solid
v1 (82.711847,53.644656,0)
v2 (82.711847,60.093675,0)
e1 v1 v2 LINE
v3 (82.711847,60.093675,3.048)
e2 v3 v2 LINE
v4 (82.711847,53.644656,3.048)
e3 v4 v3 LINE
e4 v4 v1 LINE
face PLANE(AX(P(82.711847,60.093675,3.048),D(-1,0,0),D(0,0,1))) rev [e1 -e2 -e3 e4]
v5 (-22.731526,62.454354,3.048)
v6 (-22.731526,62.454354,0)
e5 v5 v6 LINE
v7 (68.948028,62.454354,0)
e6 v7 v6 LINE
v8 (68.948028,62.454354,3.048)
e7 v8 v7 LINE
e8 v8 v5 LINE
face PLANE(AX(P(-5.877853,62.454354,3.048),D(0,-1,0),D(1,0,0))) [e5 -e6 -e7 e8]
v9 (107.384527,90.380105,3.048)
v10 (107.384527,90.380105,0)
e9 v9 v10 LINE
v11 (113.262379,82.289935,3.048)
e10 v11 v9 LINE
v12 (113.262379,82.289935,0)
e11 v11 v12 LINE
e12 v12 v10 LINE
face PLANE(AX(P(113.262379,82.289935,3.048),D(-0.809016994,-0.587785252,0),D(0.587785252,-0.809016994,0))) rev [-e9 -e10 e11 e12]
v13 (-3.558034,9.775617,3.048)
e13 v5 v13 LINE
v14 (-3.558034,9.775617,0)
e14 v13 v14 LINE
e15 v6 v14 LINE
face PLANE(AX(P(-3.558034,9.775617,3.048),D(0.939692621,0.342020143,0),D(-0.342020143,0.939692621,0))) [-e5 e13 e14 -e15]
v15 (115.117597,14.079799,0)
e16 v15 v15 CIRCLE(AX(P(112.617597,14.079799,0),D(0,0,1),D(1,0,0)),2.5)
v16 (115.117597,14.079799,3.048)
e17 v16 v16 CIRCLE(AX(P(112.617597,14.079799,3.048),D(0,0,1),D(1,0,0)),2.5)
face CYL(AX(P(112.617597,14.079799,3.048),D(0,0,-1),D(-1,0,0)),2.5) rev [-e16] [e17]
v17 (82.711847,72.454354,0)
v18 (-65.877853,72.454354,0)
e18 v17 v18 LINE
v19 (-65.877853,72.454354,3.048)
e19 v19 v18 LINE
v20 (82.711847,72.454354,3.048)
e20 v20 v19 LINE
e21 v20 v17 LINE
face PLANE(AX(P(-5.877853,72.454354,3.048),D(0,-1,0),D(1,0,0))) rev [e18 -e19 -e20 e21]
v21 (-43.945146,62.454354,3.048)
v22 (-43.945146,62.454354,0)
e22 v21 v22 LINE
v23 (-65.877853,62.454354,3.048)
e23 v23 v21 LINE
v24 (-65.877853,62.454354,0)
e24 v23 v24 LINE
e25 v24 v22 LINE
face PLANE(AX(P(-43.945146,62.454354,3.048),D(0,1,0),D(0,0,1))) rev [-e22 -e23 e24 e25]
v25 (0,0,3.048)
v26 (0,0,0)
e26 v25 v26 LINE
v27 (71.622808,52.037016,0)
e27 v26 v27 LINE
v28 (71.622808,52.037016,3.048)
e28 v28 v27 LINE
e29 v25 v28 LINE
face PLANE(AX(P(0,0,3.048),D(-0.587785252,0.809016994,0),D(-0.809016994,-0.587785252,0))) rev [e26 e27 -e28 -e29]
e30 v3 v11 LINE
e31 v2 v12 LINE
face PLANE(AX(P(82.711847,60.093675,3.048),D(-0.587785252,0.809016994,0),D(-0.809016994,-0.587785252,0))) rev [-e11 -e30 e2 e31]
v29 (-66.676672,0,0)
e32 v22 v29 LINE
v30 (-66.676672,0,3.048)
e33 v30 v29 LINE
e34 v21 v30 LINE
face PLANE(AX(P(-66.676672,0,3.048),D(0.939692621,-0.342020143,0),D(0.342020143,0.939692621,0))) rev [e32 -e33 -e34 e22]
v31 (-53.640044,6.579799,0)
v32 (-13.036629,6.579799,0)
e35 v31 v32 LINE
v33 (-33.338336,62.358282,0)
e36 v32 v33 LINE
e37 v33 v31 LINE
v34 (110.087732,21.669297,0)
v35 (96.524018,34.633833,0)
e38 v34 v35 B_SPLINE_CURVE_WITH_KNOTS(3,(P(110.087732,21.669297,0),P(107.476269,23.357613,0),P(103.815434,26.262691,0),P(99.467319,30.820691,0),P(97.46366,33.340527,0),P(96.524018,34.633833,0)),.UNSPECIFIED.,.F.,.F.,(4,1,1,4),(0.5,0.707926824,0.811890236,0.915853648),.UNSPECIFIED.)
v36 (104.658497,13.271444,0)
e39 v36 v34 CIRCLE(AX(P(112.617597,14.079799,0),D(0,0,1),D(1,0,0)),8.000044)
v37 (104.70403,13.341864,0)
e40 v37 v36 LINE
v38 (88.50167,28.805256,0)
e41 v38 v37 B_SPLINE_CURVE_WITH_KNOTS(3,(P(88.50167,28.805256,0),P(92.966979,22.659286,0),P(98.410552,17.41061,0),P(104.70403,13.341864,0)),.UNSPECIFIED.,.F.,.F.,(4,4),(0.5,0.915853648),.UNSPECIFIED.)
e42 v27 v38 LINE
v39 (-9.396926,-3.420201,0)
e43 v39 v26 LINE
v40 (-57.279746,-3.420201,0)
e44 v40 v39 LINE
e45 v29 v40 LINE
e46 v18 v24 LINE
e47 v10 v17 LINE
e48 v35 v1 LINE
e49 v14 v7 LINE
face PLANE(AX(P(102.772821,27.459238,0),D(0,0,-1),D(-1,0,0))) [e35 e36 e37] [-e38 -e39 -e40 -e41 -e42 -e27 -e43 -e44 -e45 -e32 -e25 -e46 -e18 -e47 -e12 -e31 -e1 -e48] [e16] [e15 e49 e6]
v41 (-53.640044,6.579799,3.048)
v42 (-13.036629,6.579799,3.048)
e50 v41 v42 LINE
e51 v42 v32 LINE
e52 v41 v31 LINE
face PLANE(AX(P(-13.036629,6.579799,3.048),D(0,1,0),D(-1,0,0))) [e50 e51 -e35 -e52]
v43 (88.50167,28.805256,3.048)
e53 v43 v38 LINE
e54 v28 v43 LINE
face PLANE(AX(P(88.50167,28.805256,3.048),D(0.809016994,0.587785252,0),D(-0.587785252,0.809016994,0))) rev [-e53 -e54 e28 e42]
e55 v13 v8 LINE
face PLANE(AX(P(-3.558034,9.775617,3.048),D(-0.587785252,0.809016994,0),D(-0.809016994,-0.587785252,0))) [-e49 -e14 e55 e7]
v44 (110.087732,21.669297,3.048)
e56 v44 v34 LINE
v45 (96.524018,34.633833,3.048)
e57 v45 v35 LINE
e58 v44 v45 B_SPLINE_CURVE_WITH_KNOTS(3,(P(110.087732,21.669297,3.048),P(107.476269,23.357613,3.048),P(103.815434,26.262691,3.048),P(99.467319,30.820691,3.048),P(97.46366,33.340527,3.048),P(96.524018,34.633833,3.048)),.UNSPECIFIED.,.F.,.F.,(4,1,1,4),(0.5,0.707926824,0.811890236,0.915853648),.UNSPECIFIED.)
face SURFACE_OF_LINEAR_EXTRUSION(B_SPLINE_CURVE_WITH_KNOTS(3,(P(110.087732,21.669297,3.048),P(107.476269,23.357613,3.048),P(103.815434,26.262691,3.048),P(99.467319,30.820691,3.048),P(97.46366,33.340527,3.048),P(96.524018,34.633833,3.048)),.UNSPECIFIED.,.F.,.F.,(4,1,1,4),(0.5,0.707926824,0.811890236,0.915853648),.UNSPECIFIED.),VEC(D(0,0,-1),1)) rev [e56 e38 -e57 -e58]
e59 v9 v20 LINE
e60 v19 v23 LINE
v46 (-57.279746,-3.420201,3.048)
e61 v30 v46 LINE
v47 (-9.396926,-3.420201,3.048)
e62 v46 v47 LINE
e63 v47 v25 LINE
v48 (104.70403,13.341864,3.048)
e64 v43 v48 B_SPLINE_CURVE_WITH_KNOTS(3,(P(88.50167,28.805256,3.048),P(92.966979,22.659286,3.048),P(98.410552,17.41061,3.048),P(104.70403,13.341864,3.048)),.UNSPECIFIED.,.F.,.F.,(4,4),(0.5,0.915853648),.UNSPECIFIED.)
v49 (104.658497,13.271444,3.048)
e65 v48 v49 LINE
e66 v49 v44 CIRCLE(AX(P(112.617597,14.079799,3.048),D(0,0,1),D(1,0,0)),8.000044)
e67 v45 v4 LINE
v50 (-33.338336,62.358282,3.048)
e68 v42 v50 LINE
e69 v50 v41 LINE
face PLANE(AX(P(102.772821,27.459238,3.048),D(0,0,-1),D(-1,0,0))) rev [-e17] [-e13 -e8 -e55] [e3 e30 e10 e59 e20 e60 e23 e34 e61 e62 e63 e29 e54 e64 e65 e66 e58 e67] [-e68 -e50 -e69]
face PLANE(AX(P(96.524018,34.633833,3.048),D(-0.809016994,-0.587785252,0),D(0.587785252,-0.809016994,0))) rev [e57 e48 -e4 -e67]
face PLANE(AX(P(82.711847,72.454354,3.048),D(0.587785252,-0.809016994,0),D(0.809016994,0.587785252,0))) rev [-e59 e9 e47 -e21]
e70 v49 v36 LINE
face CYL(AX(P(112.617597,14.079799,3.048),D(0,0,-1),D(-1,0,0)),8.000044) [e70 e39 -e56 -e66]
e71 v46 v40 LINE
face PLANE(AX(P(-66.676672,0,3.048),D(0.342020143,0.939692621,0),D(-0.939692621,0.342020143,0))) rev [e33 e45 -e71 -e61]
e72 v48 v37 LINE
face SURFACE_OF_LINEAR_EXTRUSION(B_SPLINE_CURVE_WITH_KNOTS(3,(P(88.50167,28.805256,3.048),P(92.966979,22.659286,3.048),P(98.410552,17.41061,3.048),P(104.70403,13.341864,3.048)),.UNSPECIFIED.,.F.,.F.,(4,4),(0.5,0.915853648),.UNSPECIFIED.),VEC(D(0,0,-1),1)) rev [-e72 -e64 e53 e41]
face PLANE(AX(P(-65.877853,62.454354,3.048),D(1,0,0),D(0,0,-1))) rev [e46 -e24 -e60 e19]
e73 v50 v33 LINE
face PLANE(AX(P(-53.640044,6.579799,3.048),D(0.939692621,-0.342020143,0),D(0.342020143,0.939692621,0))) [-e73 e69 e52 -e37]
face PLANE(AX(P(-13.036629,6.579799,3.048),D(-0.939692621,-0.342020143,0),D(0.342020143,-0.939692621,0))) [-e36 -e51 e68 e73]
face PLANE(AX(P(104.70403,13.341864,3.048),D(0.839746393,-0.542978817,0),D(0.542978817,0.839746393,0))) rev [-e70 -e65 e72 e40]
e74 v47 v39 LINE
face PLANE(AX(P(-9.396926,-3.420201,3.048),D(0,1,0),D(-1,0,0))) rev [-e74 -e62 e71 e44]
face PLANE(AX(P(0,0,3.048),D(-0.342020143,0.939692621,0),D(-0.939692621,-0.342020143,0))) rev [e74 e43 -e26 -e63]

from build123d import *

# Parameters (mm, degrees)
SKETCH1_R           = 2.5
BOSS_EXTRUDE1_DEPTH = 3.048


with BuildPart() as part:
    # Sketch1 → Boss-Extrude1 (new body)
    with BuildSketch(Plane.XY):
        with BuildLine():
            Line((0, 0), (71.622808257, 52.037016174))
            Line((71.622808257, 52.037016174), (88.501669832, 28.805256264))
            add(Edge.make_bspline(
                [(88.501669832, 28.805256264), (92.966978859, 22.659285651), (98.410551954, 17.410609678), (104.704030367, 13.341863973)],
                knots=[0.5, 0.5, 0.5, 0.5, 0.915853648, 0.915853648, 0.915853648, 0.915853648], degree=3))
            Line((104.704030367, 13.341863973), (104.658496812, 13.271443843))
            ThreePointArc((104.658496812, 13.271443843), (119.335898328, 9.736398283), (110.087731709, 21.669297201))
            add(Edge.make_bspline(
                [(96.52401812, 34.63383347), (97.463660016, 33.340527353), (99.467318776, 30.820691276), (103.81543362, 26.262690934), (107.476268967, 23.357612806), (110.087731709, 21.669297201)],
                knots=[0.5, 0.5, 0.5, 0.5, 0.603963412, 0.707926824, 0.915853648, 0.915853648, 0.915853648, 0.915853648], degree=3))
            Line((96.52401812, 34.63383347), (82.711847228, 53.644655768))
            Line((82.711847228, 53.644655768), (82.711847228, 60.093674581))
            Line((82.711847228, 60.093674581), (113.262379212, 82.289935321))
            Line((113.262379212, 82.289935321), (107.38452669, 90.380105265))
            Line((107.38452669, 90.380105265), (82.711847228, 72.454354356))
            Line((82.711847228, 72.454354356), (-5.877852523, 72.454354356))
            Line((-5.877852523, 72.454354356), (-65.877852523, 72.454354356))
            Line((-65.877852523, 72.454354356), (-65.877852523, 62.454354356))
            Line((-65.877852523, 62.454354356), (-43.945146495, 62.454354356))
            Line((-43.945146495, 62.454354356), (-66.676672481, 0))
            Line((-66.676672481, 0), (-57.279746273, -3.420201433))
            Line((-57.279746273, -3.420201433), (-9.396926208, -3.420201433))
            Line((-9.396926208, -3.420201433), (0, 0))
        make_face()
        with Locations((112.61759651, 14.07979857)):
            Circle(SKETCH1_R, mode=Mode.SUBTRACT)
        Polygon((-3.558033622, 9.775617033), (68.948028023, 62.454354356), (-5.877852523, 62.454354356), (-22.731525986, 62.454354356), align=None, mode=Mode.SUBTRACT)
        Polygon((-13.036628551, 6.579798567), (-33.338336241, 62.358282022), (-53.640043931, 6.579798567), align=None, mode=Mode.SUBTRACT)
    extrude(amount=BOSS_EXTRUDE1_DEPTH)


solid = part.part
